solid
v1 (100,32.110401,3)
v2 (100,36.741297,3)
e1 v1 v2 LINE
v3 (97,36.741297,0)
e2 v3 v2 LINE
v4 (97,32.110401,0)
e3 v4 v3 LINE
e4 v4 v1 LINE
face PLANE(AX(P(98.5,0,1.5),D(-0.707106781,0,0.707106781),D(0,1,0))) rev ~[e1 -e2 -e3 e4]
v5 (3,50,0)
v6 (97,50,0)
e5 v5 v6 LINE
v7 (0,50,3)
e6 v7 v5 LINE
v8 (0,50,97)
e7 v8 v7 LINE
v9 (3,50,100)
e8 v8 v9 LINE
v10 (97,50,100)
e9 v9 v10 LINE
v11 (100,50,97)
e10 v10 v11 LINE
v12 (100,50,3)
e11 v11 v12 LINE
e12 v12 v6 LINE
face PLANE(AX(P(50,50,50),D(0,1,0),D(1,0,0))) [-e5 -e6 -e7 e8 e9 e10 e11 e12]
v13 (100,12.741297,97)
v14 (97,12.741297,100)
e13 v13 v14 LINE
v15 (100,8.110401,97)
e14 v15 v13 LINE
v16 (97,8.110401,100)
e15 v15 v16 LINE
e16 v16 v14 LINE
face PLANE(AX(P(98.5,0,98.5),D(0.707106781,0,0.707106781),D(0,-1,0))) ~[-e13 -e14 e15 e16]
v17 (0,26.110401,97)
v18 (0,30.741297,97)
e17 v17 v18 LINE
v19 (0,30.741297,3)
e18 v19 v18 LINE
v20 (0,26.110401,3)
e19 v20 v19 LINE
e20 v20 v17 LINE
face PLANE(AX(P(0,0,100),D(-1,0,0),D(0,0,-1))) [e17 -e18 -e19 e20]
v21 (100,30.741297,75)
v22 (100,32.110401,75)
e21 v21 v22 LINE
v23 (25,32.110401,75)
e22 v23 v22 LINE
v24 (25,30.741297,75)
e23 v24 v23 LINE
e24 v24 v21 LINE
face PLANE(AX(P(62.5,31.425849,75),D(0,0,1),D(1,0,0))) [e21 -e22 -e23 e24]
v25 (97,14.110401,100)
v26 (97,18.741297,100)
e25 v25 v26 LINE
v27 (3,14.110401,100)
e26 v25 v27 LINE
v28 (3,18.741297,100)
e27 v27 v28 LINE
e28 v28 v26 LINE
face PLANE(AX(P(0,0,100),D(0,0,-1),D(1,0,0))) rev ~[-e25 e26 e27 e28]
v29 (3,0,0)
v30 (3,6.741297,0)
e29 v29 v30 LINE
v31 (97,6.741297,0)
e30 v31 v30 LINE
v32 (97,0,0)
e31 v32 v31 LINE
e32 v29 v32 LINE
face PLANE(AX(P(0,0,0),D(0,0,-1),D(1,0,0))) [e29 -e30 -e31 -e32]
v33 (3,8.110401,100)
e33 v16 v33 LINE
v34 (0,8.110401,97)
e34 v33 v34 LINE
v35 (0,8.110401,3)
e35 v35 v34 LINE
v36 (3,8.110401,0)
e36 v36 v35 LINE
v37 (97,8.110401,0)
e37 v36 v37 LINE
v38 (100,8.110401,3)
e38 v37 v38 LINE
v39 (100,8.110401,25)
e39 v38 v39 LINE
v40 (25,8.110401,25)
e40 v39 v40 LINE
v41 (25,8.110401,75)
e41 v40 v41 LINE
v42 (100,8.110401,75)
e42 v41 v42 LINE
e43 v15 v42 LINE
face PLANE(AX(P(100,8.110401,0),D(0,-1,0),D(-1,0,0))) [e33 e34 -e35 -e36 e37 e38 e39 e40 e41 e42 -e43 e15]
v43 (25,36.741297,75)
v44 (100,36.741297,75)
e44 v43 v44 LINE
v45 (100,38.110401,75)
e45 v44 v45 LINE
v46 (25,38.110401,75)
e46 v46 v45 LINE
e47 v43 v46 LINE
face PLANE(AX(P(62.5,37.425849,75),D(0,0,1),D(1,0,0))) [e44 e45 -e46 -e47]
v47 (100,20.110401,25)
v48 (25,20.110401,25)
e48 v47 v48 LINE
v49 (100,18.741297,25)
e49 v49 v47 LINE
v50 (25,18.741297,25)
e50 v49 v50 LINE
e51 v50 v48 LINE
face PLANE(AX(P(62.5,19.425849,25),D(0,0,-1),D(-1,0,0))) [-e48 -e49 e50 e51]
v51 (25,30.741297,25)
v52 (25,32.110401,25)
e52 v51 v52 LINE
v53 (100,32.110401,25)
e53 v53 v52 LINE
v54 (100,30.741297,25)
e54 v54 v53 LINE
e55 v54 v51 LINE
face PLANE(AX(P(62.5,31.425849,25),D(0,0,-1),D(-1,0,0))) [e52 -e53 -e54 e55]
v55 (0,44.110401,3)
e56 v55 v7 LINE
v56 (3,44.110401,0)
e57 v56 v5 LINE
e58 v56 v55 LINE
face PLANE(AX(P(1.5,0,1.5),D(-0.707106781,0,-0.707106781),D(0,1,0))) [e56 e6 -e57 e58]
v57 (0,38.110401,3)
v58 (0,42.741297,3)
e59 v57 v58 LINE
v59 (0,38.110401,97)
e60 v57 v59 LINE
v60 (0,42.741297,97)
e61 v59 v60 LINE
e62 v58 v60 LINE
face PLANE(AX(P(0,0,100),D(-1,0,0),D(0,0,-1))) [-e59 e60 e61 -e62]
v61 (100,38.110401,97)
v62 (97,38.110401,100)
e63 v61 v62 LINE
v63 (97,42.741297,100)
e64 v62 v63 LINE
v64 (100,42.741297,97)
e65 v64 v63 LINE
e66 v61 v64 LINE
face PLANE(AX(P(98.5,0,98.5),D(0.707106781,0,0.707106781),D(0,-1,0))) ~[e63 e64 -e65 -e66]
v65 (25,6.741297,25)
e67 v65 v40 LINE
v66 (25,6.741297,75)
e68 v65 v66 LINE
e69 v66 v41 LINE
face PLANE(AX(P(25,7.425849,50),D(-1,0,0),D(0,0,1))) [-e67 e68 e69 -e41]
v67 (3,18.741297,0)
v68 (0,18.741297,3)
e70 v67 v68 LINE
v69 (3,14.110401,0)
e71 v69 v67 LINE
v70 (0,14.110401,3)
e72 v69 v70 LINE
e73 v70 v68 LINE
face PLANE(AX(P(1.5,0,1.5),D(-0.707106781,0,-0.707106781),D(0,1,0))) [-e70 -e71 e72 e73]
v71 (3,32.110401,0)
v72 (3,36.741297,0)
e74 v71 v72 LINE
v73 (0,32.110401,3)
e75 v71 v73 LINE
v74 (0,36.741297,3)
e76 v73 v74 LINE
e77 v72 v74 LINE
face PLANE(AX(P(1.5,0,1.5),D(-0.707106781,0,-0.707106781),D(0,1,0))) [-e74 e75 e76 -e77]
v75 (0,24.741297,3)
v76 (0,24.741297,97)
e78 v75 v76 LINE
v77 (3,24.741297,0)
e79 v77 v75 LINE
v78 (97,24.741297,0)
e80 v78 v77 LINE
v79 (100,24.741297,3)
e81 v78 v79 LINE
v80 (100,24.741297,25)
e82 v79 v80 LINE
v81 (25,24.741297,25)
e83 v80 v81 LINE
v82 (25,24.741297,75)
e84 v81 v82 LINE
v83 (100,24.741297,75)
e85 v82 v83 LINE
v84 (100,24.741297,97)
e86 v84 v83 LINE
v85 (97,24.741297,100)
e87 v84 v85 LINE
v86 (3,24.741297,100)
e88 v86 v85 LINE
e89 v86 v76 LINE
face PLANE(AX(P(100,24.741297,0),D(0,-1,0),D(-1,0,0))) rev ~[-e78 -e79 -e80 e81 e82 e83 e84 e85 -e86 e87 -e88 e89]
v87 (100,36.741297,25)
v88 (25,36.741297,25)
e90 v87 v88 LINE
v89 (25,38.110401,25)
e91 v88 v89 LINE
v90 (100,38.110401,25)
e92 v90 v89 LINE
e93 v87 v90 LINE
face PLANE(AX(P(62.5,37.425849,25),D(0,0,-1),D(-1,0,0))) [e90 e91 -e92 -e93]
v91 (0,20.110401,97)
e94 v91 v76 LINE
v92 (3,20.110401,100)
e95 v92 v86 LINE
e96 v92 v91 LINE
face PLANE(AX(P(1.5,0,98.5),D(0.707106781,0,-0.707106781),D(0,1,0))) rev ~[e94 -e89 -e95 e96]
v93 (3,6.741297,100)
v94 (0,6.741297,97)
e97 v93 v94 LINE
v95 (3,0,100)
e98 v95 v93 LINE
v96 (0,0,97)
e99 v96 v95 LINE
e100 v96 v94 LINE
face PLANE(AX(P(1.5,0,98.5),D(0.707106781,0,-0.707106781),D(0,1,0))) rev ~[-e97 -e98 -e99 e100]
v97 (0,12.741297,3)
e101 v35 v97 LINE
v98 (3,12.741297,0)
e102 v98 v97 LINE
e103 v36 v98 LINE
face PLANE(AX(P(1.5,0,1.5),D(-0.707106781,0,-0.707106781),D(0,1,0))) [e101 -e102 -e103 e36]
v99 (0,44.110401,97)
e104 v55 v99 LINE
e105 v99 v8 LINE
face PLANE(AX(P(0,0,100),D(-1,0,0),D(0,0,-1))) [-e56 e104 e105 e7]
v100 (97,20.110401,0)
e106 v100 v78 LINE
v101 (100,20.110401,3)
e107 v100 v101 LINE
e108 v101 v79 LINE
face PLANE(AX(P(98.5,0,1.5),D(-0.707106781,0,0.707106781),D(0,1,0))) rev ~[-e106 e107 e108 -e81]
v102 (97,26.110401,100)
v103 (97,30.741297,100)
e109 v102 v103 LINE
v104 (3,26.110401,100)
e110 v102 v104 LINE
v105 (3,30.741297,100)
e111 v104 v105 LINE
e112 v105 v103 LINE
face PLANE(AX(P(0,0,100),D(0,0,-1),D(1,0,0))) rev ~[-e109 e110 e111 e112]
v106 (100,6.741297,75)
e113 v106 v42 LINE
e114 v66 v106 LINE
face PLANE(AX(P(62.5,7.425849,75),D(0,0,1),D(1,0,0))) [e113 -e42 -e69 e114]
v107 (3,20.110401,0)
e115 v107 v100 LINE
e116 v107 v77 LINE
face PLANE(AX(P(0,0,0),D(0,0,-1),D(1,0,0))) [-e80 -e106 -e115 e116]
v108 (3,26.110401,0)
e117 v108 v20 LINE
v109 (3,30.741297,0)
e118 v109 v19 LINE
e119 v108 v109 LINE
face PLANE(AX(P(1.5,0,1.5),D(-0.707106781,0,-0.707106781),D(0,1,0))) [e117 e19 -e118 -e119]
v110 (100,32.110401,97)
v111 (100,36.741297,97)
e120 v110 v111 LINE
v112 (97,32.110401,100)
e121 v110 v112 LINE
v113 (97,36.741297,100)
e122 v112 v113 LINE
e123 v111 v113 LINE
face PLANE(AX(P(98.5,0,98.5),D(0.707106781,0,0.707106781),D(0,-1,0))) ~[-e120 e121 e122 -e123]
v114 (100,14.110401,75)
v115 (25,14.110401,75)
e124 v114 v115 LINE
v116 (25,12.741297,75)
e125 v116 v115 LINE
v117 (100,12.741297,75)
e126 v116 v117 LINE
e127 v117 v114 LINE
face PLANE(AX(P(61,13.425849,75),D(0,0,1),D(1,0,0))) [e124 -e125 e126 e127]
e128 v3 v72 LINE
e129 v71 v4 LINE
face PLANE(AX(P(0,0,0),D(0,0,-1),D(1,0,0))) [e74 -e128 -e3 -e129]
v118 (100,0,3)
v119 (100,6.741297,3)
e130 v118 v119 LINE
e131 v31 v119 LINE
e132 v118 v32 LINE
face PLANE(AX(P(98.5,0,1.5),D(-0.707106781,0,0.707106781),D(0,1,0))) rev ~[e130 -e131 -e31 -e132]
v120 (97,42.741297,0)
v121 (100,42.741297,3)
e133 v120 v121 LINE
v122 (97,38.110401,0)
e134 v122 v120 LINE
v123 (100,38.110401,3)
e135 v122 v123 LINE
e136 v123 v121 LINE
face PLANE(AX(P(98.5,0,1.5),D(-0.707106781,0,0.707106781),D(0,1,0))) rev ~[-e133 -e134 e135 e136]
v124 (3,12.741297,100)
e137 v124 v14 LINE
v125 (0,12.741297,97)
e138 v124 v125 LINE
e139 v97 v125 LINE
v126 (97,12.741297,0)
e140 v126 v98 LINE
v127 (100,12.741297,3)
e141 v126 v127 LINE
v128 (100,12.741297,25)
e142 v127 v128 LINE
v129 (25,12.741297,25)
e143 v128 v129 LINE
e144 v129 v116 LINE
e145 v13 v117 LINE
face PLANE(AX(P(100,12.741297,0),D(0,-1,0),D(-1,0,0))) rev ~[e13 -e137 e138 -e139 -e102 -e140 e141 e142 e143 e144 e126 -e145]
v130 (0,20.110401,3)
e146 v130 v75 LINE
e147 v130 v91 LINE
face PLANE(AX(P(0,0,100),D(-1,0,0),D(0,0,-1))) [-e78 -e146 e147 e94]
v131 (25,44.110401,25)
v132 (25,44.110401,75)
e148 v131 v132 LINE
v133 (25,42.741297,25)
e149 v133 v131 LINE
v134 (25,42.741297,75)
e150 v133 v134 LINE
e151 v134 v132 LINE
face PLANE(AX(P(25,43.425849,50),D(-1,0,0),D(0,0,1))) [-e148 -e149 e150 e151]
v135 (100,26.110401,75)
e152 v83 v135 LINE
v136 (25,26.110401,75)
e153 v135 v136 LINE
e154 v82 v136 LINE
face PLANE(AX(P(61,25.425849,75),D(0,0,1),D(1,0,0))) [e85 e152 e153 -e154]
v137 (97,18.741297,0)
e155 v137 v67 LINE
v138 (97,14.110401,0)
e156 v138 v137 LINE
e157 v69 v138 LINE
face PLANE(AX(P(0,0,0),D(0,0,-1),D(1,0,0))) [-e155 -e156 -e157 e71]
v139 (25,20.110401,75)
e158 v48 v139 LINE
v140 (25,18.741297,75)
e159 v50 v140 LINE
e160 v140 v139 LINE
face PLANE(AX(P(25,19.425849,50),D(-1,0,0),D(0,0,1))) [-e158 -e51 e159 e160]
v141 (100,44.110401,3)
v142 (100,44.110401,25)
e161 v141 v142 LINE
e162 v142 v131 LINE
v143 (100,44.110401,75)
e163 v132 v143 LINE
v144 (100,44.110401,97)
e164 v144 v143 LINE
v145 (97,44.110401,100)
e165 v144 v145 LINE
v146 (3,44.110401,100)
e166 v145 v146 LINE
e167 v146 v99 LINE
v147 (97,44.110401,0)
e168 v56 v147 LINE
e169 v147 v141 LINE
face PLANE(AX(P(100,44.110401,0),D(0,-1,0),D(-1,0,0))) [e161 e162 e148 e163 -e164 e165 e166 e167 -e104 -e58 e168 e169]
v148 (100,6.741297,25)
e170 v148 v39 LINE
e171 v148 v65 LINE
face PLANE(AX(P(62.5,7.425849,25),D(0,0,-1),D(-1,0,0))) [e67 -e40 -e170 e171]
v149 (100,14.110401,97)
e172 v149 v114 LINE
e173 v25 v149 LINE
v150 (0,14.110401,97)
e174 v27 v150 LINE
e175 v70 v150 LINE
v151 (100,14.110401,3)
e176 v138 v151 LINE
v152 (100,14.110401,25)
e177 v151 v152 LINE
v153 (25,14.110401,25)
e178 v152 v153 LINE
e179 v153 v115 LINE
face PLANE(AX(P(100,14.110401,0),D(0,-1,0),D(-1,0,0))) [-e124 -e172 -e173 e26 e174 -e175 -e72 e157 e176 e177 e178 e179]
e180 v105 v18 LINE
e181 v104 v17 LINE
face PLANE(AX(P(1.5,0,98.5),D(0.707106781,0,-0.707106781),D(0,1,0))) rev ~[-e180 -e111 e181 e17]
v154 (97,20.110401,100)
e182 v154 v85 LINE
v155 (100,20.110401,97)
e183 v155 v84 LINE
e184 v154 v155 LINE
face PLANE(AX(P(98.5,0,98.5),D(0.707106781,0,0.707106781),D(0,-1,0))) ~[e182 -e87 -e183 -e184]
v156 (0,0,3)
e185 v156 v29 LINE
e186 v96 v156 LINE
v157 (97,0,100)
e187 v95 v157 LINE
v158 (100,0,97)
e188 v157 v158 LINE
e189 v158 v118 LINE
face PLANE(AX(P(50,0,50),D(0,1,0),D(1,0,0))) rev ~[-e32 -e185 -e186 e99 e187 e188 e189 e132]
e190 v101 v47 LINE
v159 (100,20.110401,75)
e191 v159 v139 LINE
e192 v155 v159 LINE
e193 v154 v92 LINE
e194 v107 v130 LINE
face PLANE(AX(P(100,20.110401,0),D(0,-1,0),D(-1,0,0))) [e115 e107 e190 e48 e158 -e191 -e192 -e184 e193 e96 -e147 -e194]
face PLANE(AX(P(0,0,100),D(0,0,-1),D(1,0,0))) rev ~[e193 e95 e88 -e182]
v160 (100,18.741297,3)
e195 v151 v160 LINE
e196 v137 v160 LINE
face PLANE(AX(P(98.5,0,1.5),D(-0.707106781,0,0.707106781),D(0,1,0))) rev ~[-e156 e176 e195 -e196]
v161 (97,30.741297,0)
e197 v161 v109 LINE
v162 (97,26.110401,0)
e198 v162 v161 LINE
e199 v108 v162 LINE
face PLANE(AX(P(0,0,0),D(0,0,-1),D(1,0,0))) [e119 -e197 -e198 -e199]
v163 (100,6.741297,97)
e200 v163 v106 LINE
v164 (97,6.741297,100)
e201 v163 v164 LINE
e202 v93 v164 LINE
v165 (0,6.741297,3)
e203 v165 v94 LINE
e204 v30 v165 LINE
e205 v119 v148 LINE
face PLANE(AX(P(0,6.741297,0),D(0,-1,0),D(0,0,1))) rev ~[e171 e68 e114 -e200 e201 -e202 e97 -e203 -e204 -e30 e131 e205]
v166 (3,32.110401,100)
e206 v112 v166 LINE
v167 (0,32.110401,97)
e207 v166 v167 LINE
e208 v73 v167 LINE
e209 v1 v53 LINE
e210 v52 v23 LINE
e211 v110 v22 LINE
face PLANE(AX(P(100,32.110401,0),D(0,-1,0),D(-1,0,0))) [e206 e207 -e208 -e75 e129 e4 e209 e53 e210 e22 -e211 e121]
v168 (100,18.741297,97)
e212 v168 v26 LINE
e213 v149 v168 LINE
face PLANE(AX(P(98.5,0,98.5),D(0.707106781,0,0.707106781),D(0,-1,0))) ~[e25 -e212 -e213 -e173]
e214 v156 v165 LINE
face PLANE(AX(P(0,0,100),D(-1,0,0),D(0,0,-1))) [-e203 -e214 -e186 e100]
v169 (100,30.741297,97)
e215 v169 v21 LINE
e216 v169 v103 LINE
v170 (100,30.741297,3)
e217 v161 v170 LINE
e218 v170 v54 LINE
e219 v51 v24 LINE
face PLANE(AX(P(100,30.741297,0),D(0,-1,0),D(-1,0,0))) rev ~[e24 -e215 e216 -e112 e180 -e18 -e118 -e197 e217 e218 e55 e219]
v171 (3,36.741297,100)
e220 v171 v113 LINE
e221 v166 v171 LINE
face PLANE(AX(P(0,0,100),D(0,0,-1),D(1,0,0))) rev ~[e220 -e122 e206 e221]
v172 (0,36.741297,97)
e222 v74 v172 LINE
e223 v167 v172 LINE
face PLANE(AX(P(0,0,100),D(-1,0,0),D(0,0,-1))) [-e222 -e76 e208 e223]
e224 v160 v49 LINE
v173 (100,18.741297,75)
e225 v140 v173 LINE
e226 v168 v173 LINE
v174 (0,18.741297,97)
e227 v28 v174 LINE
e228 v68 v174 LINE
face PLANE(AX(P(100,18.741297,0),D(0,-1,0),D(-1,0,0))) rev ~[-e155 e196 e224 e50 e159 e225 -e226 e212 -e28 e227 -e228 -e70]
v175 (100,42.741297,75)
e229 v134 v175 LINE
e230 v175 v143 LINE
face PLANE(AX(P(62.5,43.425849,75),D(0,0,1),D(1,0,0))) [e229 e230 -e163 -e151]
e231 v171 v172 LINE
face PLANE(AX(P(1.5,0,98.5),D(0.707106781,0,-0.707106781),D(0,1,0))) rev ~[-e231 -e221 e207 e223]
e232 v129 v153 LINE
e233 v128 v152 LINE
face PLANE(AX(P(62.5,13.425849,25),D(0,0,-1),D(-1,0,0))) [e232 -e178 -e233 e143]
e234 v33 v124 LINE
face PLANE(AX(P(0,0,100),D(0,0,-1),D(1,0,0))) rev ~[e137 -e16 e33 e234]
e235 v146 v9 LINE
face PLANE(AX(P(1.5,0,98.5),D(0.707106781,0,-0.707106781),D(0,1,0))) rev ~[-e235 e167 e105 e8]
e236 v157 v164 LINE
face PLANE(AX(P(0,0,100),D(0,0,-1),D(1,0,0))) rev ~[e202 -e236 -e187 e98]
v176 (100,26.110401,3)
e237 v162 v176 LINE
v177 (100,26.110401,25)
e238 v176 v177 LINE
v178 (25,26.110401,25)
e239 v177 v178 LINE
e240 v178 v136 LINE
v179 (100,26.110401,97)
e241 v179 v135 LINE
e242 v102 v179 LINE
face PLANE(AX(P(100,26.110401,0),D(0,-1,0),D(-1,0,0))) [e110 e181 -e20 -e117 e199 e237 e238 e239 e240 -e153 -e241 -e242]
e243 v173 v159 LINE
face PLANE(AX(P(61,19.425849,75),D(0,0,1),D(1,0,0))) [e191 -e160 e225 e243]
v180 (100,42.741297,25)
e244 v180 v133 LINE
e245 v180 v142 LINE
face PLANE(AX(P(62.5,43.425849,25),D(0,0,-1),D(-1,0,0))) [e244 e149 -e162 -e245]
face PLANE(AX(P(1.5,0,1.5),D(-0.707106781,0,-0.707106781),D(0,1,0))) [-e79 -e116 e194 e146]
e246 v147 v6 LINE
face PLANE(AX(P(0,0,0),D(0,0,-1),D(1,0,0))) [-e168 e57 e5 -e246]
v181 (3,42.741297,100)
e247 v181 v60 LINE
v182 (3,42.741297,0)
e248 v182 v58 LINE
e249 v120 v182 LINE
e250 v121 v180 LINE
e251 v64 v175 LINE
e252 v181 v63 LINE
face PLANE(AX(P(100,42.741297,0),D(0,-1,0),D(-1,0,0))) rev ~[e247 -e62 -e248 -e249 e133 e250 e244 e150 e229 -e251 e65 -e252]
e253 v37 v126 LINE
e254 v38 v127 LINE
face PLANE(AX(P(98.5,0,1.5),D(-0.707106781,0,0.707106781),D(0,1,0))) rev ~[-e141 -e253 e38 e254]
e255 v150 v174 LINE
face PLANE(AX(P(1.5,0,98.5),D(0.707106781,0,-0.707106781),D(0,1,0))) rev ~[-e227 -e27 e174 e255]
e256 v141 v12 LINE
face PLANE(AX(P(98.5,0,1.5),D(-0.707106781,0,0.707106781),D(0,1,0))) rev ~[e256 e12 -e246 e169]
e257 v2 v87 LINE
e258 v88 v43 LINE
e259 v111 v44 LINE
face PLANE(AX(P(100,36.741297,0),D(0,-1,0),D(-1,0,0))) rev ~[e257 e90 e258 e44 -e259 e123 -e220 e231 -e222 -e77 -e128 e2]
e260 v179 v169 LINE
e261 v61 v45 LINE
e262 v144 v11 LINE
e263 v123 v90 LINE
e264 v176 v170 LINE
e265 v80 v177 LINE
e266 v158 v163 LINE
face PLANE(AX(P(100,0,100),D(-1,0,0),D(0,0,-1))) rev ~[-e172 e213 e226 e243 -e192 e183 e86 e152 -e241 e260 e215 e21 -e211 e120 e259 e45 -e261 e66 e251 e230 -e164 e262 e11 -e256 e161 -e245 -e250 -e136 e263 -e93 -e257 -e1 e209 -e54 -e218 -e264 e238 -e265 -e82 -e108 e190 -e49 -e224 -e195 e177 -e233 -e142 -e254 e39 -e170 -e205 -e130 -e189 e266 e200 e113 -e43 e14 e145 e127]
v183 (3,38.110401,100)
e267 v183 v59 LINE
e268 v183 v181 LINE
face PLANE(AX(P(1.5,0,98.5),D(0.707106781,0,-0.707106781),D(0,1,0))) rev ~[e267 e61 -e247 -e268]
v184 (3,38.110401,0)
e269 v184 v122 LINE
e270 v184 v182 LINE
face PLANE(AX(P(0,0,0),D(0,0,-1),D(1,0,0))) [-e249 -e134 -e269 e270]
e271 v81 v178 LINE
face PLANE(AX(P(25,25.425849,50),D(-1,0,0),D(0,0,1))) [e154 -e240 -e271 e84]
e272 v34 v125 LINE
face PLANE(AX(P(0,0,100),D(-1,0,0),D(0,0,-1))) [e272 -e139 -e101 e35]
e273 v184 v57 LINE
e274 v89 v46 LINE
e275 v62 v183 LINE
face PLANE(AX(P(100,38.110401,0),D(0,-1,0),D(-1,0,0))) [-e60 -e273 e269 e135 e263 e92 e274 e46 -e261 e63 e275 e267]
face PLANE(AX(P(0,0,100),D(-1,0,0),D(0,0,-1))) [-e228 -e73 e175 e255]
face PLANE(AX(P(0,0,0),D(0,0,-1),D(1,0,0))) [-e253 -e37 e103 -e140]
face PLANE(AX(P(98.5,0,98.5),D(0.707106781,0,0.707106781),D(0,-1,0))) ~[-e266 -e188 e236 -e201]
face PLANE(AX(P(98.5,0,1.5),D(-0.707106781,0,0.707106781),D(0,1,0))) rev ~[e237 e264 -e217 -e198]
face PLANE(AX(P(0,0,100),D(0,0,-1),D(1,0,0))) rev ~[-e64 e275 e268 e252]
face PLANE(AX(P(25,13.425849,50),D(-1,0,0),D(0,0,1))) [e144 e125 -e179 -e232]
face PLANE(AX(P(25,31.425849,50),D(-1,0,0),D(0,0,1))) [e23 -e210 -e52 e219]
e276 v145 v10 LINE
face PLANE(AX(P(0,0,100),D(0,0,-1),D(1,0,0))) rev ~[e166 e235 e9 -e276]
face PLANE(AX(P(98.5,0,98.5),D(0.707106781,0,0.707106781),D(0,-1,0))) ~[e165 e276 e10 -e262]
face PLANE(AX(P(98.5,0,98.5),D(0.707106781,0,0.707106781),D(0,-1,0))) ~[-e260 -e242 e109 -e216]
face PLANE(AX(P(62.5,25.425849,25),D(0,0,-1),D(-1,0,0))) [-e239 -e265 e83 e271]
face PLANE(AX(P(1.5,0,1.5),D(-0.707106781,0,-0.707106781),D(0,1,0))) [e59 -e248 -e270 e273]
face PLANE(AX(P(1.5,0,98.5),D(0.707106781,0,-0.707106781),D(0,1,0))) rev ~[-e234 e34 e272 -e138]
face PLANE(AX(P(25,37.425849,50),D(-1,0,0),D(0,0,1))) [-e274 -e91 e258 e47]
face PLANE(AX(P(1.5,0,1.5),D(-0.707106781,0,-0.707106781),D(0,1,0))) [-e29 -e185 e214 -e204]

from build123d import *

# Parameters (mm, degrees)
SKETCH1_W           = 100
SKETCH1_H           = 100
BOSS_EXTRUDE1_DEPTH = 50
CHAMFER1_SIZE       = 3
SKETCH3_W           = 100
SKETCH3_H           = 1.369103339
CUT_EXTRUDE1_DEPTH  = 25
SKETCH4_W           = 72
SKETCH4_H           = 1.369103339
SKETCH4_W_2         = 3
SKETCH4_W_3         = 75
CUT_EXTRUDE2_DEPTH  = 25
SKETCH5_W           = 75
SKETCH5_H           = 1.369103339
CUT_EXTRUDE3_DEPTH  = 25


with BuildPart() as part:
    # Sketch1 → Boss-Extrude1 (new body)
    with BuildSketch(Plane(origin=(0, 0, 0), x_dir=(1, 0, 0), z_dir=(0, 1, 0))):
        with Locations((50, -50)):
            Rectangle(SKETCH1_W, SKETCH1_H)
    extrude(amount=BOSS_EXTRUDE1_DEPTH)

    # Chamfer1
    chamfer1_edges = [part.edges().sort_by_distance(p)[0] for p in [
        (0, 25, 0),
        (100, 25, 0),
        (100, 25, 100),
        (0, 25, 100),
    ]]
    chamfer(chamfer1_edges, length=CHAMFER1_SIZE)

    # Sketch3 → Cut-Extrude1 (cut)
    with BuildSketch(Plane.ZY):
        with Locations((50, 43.425849107)):
            Rectangle(SKETCH3_W, SKETCH3_H)
        with Locations((50, 37.425849107)):
            Rectangle(SKETCH3_W, SKETCH3_H)
        with Locations((50, 31.425849107)):
            Rectangle(SKETCH3_W, SKETCH3_H)
        with Locations((50, 25.425849107)):
            Rectangle(SKETCH3_W, SKETCH3_H)
        with Locations((50, 19.425849107)):
            Rectangle(SKETCH3_W, SKETCH3_H)
        with Locations((50, 13.425849107)):
            Rectangle(SKETCH3_W, SKETCH3_H)
        with Locations((50, 7.425849108)):
            Rectangle(SKETCH3_W, SKETCH3_H)
    extrude(amount=-CUT_EXTRUDE1_DEPTH, mode=Mode.SUBTRACT)

    # Sketch4 → Cut-Extrude2 (cut)
    with BuildSketch(Plane.XY.offset(100)):
        with Locations((61, 25.425849107)):
            Rectangle(SKETCH4_W, SKETCH4_H)
        with Locations((61, 19.425849107)):
            Rectangle(SKETCH4_W, SKETCH4_H)
        with Locations((61, 13.425849107)):
            Rectangle(SKETCH4_W, SKETCH4_H)
        with Locations((98.5, 25.425849107)):
            Rectangle(SKETCH4_W_2, SKETCH4_H)
        with Locations((98.5, 19.425849107)):
            Rectangle(SKETCH4_W_2, SKETCH4_H)
        with Locations((98.5, 13.425849107)):
            Rectangle(SKETCH4_W_2, SKETCH4_H)
        with Locations((62.5, 7.425849108)):
            Rectangle(SKETCH4_W_3, SKETCH4_H)
        with Locations((62.5, 31.425849107)):
            Rectangle(SKETCH4_W_3, SKETCH4_H)
        with Locations((62.5, 37.425849107)):
            Rectangle(SKETCH4_W_3, SKETCH4_H)
        with Locations((62.5, 43.425849107)):
            Rectangle(SKETCH4_W_3, SKETCH4_H)
    extrude(amount=-CUT_EXTRUDE2_DEPTH, mode=Mode.SUBTRACT)

    # Sketch5 → Cut-Extrude3 (cut)
    with BuildSketch(Plane(origin=(0, 0, 0), x_dir=(-1, 0, 0), z_dir=(0, 0, -1))):
        with Locations((-62.5, 43.425849107)):
            Rectangle(SKETCH5_W, SKETCH5_H)
        with Locations((-62.5, 37.425849107)):
            Rectangle(SKETCH5_W, SKETCH5_H)
        with Locations((-62.5, 31.425849107)):
            Rectangle(SKETCH5_W, SKETCH5_H)
        with Locations((-62.5, 25.425849107)):
            Rectangle(SKETCH5_W, SKETCH5_H)
        with Locations((-62.5, 19.425849107)):
            Rectangle(SKETCH5_W, SKETCH5_H)
        with Locations((-62.5, 13.425849107)):
            Rectangle(SKETCH5_W, SKETCH5_H)
        with Locations((-62.5, 7.425849108)):
            Rectangle(SKETCH5_W, SKETCH5_H)
    extrude(amount=-CUT_EXTRUDE3_DEPTH, mode=Mode.SUBTRACT)


solid = part.part
